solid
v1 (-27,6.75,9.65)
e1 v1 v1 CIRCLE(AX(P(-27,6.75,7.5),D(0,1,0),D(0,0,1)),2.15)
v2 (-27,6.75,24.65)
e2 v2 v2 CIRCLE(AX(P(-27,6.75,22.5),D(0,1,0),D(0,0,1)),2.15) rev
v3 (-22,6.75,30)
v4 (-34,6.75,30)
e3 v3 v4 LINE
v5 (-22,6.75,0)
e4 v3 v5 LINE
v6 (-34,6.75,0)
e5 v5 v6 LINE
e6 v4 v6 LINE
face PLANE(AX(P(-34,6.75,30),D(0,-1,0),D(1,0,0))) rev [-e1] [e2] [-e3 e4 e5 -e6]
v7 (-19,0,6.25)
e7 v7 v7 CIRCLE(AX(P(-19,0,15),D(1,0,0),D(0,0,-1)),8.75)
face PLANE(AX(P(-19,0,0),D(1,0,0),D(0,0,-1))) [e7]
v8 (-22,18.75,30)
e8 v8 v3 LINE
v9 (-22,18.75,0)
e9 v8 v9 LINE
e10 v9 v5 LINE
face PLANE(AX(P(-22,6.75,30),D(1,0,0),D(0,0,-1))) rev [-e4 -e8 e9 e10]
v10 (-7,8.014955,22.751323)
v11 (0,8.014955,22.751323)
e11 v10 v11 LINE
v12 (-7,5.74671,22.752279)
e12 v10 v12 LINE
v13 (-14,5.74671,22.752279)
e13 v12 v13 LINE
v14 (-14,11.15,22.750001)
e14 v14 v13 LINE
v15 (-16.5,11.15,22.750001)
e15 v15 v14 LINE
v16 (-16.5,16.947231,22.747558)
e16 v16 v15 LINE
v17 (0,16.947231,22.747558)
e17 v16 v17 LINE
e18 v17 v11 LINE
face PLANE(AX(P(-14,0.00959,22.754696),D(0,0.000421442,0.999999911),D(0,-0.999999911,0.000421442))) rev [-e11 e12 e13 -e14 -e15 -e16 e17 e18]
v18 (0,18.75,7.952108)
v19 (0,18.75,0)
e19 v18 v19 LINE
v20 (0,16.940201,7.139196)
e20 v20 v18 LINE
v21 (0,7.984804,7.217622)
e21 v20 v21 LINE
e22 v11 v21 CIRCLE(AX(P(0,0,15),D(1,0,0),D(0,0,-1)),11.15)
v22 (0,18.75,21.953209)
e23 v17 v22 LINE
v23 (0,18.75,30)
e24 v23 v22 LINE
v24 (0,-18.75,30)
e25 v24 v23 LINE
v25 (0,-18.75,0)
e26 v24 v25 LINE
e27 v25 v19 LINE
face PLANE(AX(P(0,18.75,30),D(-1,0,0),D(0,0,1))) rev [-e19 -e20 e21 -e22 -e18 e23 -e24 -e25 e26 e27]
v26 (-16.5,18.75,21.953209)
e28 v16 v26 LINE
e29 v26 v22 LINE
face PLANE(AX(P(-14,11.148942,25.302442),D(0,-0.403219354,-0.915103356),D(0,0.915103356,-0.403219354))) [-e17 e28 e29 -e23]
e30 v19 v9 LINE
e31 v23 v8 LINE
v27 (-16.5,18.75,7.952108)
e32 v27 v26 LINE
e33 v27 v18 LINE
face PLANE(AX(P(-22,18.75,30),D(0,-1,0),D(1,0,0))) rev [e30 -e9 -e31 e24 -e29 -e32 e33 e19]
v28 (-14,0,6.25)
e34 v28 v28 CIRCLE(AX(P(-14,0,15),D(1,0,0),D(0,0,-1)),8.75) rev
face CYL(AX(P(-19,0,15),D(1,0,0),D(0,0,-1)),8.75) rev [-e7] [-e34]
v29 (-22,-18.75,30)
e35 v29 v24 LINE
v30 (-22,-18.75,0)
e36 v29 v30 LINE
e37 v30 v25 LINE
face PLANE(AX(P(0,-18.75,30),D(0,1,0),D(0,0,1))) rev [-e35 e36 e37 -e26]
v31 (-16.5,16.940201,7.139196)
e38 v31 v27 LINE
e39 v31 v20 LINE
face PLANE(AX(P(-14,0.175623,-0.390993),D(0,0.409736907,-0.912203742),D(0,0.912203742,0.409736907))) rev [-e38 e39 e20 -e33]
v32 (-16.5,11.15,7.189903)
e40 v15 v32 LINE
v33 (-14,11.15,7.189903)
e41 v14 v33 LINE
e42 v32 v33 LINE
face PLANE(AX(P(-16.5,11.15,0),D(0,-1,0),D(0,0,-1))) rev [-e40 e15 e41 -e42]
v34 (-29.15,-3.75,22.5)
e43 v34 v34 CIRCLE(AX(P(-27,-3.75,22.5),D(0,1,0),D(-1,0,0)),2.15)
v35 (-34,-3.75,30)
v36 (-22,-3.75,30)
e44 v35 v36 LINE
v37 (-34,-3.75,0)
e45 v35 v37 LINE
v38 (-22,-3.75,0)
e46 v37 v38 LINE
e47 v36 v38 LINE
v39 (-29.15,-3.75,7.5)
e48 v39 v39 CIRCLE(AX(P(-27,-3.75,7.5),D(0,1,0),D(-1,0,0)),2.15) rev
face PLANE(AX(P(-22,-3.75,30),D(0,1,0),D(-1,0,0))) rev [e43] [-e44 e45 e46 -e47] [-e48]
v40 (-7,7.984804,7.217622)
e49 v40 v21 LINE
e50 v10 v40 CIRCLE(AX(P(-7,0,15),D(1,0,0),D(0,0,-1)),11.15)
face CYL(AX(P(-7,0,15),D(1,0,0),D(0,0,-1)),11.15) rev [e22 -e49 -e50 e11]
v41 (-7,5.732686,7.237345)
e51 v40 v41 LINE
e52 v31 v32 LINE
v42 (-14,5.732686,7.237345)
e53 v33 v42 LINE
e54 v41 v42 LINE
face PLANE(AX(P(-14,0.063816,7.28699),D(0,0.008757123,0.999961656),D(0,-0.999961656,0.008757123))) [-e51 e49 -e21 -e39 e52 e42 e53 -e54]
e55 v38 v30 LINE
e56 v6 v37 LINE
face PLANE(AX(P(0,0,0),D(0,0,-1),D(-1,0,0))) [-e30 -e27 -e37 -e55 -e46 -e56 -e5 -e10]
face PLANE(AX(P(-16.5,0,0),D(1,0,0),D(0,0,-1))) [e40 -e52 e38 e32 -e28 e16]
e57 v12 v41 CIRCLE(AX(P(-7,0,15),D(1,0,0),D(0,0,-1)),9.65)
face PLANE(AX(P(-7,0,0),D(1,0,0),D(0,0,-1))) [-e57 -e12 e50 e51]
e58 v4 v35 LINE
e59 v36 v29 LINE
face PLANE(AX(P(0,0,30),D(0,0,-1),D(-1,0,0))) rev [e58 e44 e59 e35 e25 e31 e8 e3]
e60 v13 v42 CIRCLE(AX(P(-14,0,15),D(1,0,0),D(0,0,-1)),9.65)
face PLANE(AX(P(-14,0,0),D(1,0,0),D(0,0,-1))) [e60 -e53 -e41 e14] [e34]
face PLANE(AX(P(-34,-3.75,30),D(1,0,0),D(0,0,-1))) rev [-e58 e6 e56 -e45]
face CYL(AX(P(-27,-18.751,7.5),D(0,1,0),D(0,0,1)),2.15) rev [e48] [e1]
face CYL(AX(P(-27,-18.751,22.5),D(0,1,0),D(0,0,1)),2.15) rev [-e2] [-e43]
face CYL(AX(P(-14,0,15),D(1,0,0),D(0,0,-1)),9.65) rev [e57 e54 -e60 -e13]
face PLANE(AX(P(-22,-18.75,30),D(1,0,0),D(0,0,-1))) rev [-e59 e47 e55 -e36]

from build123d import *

# Parameters (mm, degrees)
EXTRUDE_491_DEPTH      = 30
CUT_EXTRUDE_1383_DEPTH = 19
CUT_EXTRUDE_1659_DEPTH = 14
CUT_EXTRUDE_2951_DEPTH = 7
CUT_EXTRUDE_5_DEPTH    = 16.5
CUT_EXTRUDE_6_REACH    = 54.022
SKETCH_3_R             = 2.15


with BuildPart() as part:
    # Sketch 319 → Extrude 491 (new body)
    with BuildSketch(Plane.XY):
        Polygon((0, 18.75), (0, -18.75), (-22, -18.75), (-22, -3.75), (-34, -3.75), (-34, 6.75), (-22, 6.75), (-22, 18.75), align=None)
    extrude(amount=EXTRUDE_491_DEPTH)

    # Эскиз2<5> → Cut-Extrude 1383 (cut)
    with BuildSketch(Plane(origin=(0, 0, 0), x_dir=(0, 0, -1), z_dir=(1, 0, 0))):
        with BuildLine():
            ThreePointArc((-22.752990961, 4.056307577), (-14.994684129, -8.749998385), (-7.251943403, 4.065724901))
            ThreePointArc((-7.251943403, 4.065724901), (-15.005315871, 8.749998385), (-22.752990961, 4.056307577))
        make_face()
    extrude(amount=-CUT_EXTRUDE_1383_DEPTH, mode=Mode.SUBTRACT)

    # Эскиз2<6> → Cut-Extrude 1659 (cut)
    with BuildSketch(Plane(origin=(0, 0, 0), x_dir=(0, 0, -1), z_dir=(1, 0, 0))):
        with BuildLine():
            ThreePointArc((-22.752278555, 5.746710121), (-15.008722765, -9.649996058), (-7.237345061, 5.732685958))
            Line((-7.237345061, 5.732685958), (-7.139195711, 16.940201189))
            Line((-7.139195711, 16.940201189), (-7.952107708, 18.75))
            Line((-7.952107708, 18.75), (-21.953209217, 18.75))
            Line((-21.953209217, 18.75), (-22.747558186, 16.94723086))
            Line((-22.747558186, 16.94723086), (-22.752278555, 5.746710121))
        make_face()
    extrude(amount=-CUT_EXTRUDE_1659_DEPTH, mode=Mode.SUBTRACT)

    # Sketch 557 → Cut-Extrude 2951 (cut)
    with BuildSketch(Plane(origin=(0, 0, 0), x_dir=(0, 0, -1), z_dir=(1, 0, 0))):
        with BuildLine():
            Line((-22.752278555, 5.746710121), (-22.751322621, 8.014954624))
            ThreePointArc((-22.751322621, 8.014954624), (-19.352887132, -10.265226428), (-3.85, 0))
            ThreePointArc((-3.85, 0), (-4.726344075, 4.332954411), (-7.21762223, 7.984804083))
            Line((-7.21762223, 7.984804083), (-7.237345061, 5.732685958))
            ThreePointArc((-7.237345061, 5.732685958), (-5.833972503, 3.017687843), (-5.35, 0))
            ThreePointArc((-5.35, 0), (-18.025971906, -9.163296024), (-22.752278555, 5.746710121))
        make_face()
    extrude(amount=-CUT_EXTRUDE_2951_DEPTH, mode=Mode.SUBTRACT)

    # Эскиз под резистор и подшипник<7> → Вырез-Вытянуть5 (cut)
    with BuildSketch(Plane(origin=(0, 0, 0), x_dir=(0, 0, -1), z_dir=(1, 0, 0))):
        Polygon((-22.747558186, 16.94723086), (-22.750001382, 11.15), (-15, 11.15), (-7.189903158, 11.15), (-7.139195711, 16.940201189), (-7.952107708, 18.75), (-21.953209217, 18.75), align=None)
    extrude(amount=-CUT_EXTRUDE_5_DEPTH, mode=Mode.SUBTRACT)

    # Эскиз3 → Вырез-Вытянуть6 (cut, up to next)
    with BuildSketch(Plane(origin=(0, 6.75, 0), x_dir=(1, 0, 0), z_dir=(0, 1, 0)), mode=Mode.PRIVATE) as cut_extrude_6_sk1:
        with Locations((-27, -7.5)):
            Circle(SKETCH_3_R)
    cut_extrude_6_tool1 = extrude(cut_extrude_6_sk1.sketch, amount=-CUT_EXTRUDE_6_REACH, mode=Mode.PRIVATE) & part.part
    # Эскиз3 → Вырез-Вытянуть6 (cut, up to next)
    with BuildSketch(Plane(origin=(0, 6.75, 0), x_dir=(1, 0, 0), z_dir=(0, 1, 0)), mode=Mode.PRIVATE) as cut_extrude_6_sk2:
        with Locations((-27, -22.5)):
            Circle(SKETCH_3_R)
    cut_extrude_6_tool2 = extrude(cut_extrude_6_sk2.sketch, amount=-CUT_EXTRUDE_6_REACH, mode=Mode.PRIVATE) & part.part
    add(cut_extrude_6_tool1.solids().sort_by_distance((-27, 6.75, 7.5))[0], mode=Mode.SUBTRACT)
    add(cut_extrude_6_tool2.solids().sort_by_distance((-27, 6.75, 22.5))[0], mode=Mode.SUBTRACT)


solid = part.part
